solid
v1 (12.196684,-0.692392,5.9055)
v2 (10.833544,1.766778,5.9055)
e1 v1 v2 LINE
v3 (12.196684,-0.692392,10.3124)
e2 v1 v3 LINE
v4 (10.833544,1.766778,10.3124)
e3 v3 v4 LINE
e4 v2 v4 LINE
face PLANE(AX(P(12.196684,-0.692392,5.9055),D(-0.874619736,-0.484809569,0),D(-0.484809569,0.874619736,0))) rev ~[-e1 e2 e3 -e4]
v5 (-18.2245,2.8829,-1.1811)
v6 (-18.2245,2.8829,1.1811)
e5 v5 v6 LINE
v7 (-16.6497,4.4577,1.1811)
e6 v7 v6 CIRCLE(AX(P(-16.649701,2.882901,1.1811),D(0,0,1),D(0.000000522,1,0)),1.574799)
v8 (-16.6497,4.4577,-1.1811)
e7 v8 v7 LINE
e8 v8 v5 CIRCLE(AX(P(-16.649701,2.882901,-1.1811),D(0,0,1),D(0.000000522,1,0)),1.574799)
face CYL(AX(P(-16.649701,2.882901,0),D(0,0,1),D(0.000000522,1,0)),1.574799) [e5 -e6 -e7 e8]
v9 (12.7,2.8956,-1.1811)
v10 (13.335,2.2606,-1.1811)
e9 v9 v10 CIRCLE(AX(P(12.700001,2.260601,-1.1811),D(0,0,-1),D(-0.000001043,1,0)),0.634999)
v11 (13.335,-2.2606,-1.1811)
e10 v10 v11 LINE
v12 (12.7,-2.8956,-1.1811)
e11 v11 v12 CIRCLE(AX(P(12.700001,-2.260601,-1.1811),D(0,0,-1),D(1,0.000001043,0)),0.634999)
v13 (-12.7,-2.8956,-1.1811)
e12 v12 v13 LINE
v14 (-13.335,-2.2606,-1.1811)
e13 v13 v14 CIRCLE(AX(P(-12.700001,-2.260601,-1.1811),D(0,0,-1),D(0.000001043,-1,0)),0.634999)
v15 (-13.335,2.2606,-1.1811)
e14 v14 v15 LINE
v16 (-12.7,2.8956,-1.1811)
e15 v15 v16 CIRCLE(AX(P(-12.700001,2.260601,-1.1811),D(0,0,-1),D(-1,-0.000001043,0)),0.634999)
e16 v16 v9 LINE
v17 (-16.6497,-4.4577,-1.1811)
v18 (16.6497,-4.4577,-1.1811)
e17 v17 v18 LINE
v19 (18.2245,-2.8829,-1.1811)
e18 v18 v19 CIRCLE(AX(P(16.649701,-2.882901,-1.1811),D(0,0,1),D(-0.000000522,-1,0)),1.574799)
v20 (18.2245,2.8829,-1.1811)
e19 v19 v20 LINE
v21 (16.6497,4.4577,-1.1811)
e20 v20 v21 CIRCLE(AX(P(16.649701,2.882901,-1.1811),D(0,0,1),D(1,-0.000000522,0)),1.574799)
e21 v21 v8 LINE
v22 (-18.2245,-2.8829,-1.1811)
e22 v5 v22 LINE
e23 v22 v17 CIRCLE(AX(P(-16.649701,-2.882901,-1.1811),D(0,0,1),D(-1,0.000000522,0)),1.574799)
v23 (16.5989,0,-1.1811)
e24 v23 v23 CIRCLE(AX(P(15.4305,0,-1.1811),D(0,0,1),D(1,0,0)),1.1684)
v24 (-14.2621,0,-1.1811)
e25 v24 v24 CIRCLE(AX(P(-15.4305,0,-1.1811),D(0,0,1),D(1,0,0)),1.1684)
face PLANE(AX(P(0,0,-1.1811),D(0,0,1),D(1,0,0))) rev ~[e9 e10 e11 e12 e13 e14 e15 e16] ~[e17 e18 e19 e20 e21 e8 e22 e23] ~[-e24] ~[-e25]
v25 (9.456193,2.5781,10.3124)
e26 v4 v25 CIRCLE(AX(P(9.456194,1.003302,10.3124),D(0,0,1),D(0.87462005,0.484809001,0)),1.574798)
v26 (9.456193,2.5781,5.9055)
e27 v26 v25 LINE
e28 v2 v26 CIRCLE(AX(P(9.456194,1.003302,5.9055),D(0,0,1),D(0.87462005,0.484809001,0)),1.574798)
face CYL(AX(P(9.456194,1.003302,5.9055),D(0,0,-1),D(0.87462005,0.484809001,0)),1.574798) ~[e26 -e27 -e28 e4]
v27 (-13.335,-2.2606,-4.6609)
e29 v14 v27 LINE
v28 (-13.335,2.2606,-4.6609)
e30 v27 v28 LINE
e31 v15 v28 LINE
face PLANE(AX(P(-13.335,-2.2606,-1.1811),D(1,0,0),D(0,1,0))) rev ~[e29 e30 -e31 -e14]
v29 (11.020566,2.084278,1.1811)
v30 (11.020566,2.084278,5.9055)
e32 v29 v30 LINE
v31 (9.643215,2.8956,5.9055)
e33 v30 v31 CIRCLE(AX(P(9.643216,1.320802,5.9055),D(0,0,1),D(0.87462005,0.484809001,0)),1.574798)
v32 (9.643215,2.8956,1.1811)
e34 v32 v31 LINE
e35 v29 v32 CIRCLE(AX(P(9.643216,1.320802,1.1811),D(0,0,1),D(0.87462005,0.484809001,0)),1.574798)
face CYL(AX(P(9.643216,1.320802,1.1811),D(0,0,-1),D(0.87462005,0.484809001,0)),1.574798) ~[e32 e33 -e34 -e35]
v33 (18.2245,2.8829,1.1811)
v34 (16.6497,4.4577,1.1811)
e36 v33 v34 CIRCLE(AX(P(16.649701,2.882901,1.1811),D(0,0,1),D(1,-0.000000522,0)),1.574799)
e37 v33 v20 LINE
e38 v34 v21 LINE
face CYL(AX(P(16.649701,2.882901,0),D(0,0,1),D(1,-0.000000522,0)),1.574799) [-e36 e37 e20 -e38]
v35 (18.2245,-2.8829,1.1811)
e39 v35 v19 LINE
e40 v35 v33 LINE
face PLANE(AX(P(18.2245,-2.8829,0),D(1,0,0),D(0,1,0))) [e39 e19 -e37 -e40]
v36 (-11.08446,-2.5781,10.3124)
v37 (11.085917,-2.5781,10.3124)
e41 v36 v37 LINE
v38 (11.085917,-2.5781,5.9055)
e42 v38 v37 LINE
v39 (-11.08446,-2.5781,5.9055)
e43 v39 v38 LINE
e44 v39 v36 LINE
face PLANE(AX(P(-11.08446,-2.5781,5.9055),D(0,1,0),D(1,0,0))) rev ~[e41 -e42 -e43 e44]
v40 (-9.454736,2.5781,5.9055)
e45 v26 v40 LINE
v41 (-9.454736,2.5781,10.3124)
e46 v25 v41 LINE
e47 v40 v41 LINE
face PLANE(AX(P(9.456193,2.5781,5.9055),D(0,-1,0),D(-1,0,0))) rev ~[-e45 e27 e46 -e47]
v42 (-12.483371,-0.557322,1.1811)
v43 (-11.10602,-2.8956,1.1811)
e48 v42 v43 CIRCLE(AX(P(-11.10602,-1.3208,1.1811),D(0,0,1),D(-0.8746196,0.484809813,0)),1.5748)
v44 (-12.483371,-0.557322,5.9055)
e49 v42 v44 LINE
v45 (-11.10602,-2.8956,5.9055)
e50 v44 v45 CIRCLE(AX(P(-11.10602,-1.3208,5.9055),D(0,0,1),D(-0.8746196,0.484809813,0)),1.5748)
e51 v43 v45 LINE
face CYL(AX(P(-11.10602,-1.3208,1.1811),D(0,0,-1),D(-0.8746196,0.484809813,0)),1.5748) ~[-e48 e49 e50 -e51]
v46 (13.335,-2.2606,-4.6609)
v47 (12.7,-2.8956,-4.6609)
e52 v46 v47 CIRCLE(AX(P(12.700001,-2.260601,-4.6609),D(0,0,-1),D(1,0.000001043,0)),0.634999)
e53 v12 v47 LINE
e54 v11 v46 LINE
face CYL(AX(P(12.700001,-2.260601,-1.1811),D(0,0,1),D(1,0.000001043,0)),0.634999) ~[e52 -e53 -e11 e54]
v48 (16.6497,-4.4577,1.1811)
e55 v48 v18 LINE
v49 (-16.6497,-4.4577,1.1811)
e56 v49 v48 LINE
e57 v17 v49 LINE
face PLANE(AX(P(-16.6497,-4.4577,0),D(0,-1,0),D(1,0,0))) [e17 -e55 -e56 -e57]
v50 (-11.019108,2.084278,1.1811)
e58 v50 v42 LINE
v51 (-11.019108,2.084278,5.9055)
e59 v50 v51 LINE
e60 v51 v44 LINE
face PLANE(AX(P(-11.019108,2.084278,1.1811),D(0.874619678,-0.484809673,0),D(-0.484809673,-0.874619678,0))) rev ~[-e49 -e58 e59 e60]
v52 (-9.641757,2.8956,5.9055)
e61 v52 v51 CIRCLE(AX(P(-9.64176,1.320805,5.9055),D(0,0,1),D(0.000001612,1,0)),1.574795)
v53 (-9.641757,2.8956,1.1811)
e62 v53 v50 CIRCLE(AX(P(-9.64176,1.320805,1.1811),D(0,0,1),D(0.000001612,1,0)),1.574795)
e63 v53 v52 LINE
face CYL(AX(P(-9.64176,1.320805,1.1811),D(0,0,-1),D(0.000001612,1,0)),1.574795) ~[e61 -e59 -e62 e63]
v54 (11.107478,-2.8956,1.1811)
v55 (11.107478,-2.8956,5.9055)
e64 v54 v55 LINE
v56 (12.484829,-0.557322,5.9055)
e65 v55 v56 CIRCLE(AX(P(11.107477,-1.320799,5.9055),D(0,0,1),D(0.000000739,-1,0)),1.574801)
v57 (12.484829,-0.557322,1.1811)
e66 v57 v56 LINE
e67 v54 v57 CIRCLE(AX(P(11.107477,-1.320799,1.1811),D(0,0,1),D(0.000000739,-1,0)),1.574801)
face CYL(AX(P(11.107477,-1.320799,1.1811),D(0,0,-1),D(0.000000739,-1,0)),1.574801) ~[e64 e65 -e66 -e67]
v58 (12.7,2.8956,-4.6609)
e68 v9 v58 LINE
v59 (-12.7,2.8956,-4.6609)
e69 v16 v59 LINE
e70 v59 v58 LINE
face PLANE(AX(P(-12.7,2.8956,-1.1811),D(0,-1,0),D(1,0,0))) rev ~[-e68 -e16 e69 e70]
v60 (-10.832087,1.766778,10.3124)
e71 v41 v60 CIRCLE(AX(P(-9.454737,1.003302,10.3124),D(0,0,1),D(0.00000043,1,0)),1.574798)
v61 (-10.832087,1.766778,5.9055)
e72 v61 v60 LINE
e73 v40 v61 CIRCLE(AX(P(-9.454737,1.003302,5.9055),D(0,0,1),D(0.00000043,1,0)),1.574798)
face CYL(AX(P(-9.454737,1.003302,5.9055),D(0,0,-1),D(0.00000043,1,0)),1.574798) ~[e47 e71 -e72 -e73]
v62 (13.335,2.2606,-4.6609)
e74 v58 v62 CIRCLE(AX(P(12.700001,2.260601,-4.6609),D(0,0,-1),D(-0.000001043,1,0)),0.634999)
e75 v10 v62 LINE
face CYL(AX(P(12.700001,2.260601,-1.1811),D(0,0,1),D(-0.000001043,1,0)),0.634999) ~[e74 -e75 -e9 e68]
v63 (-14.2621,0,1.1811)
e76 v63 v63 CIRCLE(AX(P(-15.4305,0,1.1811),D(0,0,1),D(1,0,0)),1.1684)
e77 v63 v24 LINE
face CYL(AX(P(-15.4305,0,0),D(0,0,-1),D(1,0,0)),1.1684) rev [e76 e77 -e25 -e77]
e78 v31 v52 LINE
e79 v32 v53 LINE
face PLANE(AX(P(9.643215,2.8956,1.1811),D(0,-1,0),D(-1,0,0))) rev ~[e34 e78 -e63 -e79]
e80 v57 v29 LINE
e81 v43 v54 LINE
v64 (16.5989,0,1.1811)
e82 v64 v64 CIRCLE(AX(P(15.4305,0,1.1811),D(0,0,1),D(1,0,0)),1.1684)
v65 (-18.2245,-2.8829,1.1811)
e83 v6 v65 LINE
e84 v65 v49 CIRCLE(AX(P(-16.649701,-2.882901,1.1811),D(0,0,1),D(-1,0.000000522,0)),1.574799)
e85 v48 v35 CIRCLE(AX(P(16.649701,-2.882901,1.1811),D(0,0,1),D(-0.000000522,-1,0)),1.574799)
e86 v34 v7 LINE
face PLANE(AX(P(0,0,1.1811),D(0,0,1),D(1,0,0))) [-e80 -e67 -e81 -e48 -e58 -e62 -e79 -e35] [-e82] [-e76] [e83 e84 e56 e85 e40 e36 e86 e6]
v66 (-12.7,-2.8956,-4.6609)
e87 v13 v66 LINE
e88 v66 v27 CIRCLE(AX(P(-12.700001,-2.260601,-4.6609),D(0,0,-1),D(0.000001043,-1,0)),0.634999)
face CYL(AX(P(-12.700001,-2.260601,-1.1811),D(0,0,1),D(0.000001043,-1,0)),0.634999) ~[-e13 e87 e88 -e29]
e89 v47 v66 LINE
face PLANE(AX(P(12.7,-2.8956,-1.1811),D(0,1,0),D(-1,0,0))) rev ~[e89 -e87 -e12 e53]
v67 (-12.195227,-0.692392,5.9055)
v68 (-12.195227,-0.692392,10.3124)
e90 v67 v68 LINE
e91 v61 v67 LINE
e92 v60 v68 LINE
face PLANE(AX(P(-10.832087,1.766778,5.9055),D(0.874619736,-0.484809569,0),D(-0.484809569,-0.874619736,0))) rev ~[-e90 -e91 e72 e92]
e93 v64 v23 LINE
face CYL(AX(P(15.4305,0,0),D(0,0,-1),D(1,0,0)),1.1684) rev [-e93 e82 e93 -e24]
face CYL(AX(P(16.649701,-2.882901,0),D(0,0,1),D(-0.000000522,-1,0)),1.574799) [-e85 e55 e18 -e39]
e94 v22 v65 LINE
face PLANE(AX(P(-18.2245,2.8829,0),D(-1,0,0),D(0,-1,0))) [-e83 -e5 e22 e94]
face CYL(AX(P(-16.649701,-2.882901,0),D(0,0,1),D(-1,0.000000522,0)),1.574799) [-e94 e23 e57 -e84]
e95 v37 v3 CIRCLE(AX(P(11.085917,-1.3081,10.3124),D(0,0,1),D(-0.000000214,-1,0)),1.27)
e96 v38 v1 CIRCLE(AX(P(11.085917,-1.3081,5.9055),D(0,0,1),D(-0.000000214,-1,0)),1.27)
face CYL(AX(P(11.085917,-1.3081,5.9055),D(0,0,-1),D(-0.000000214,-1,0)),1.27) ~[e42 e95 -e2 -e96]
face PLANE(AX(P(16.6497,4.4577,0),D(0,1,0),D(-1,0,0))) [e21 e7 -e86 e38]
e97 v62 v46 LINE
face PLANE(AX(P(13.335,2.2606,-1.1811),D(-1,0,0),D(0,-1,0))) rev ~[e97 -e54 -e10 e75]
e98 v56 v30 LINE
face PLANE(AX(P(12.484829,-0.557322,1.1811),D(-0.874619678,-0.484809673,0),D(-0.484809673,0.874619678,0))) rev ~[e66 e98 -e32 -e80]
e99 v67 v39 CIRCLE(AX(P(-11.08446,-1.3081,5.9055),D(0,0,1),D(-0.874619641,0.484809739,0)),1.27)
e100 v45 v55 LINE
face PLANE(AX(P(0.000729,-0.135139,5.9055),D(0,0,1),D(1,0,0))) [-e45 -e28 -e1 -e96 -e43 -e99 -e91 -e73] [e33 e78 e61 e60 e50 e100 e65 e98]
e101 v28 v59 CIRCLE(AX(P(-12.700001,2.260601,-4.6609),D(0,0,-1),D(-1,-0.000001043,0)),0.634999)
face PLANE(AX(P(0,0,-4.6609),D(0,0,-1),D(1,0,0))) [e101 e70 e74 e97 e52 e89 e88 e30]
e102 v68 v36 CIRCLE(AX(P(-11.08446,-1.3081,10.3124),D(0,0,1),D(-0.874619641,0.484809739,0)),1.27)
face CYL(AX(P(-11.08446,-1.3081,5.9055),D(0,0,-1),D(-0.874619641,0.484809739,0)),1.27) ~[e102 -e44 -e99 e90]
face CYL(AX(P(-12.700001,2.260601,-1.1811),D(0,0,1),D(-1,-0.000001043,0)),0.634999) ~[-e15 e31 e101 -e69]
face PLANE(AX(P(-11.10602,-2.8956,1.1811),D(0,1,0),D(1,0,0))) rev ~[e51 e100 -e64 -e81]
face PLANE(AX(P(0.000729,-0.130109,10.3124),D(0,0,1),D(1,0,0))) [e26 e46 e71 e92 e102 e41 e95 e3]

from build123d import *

# Parameters (mm, degrees)
F0_R     = 1.1684
F1_DEPTH = 1.1811
F3_DEPTH = 4.7244
F5_DEPTH = 3.4798
F7_DEPTH = 4.4069


with BuildPart() as f1:
    # F0 (on Top) → F1 (new body, symmetric)
    with BuildSketch(Plane.XY):
        with BuildLine():
            Line((16.6497, 4.4577), (-16.6497, 4.4577))
            ThreePointArc((-16.6497, 4.4577), (-17.763252, 3.996452), (-18.2245, 2.8829))
            Line((-18.2245, 2.8829), (-18.2245, -2.8829))
            ThreePointArc((-18.2245, -2.8829), (-17.763252, -3.996452), (-16.6497, -4.4577))
            Line((-16.6497, -4.4577), (16.6497, -4.4577))
            ThreePointArc((16.6497, -4.4577), (17.763252, -3.996452), (18.2245, -2.8829))
            Line((18.2245, -2.8829), (18.2245, 2.8829))
            ThreePointArc((18.2245, 2.8829), (17.763252, 3.996452), (16.6497, 4.4577))
        make_face()
        with Locations((-15.4305, 0)):
            Circle(F0_R, mode=Mode.SUBTRACT)
        with Locations((15.4305, 0)):
            Circle(F0_R, mode=Mode.SUBTRACT)
    extrude(amount=F1_DEPTH, both=True)

    # F2 (on face) → F3 (join)
    with BuildSketch(Plane.XY.offset(1.1811)):
        with BuildLine():
            Line((-11.10602, -2.8956), (11.107478, -2.8956))
            ThreePointArc((11.107478, -2.8956), (12.464371, -2.120071), (12.484829, -0.557322))
            Line((12.484829, -0.557322), (11.020566, 2.084278))
            ThreePointArc((11.020566, 2.084278), (10.442486, 2.677694), (9.643215, 2.8956))
            Line((9.643215, 2.8956), (-9.641757, 2.8956))
            ThreePointArc((-9.641757, 2.8956), (-10.441029, 2.677694), (-11.019108, 2.084278))
            Line((-11.019108, 2.084278), (-12.483371, -0.557322))
            ThreePointArc((-12.483371, -0.557322), (-12.462914, -2.120071), (-11.10602, -2.8956))
        make_face()
    extrude(amount=F3_DEPTH)

    # F4 (on face) → F5 (join)
    with BuildSketch(Plane(origin=(0, 0, -1.1811), x_dir=(1, 0, 0), z_dir=(0, 0, -1))):
        with BuildLine():
            Line((12.7, 2.8956), (-12.7, 2.8956))
            ThreePointArc((-12.7, 2.8956), (-13.149013, 2.709613), (-13.335, 2.2606))
            Line((-13.335, 2.2606), (-13.335, -2.2606))
            ThreePointArc((-13.335, -2.2606), (-13.149013, -2.709613), (-12.7, -2.8956))
            Line((-12.7, -2.8956), (12.7, -2.8956))
            ThreePointArc((12.7, -2.8956), (13.149013, -2.709613), (13.335, -2.2606))
            Line((13.335, -2.2606), (13.335, 2.2606))
            ThreePointArc((13.335, 2.2606), (13.149013, 2.709613), (12.7, 2.8956))
        make_face()
    extrude(amount=F5_DEPTH)

    # F6 (on face) → F7 (join)
    with BuildSketch(Plane.XY.offset(5.9055)):
        with BuildLine():
            Line((9.456193, 2.5781), (-9.454736, 2.5781))
            ThreePointArc((-9.454736, 2.5781), (-10.254007, 2.360194), (-10.832087, 1.766778))
            Line((-10.832087, 1.766778), (-12.195227, -0.692392))
            ThreePointArc((-12.195227, -0.692392), (-12.178729, -1.952674), (-11.08446, -2.5781))
            Line((-11.08446, -2.5781), (11.085917, -2.5781))
            ThreePointArc((11.085917, -2.5781), (12.180186, -1.952674), (12.196684, -0.692392))
            Line((12.196684, -0.692392), (10.833544, 1.766778))
            ThreePointArc((10.833544, 1.766778), (10.255464, 2.360194), (9.456193, 2.5781))
        make_face()
    extrude(amount=F7_DEPTH)


solid = f1.part
